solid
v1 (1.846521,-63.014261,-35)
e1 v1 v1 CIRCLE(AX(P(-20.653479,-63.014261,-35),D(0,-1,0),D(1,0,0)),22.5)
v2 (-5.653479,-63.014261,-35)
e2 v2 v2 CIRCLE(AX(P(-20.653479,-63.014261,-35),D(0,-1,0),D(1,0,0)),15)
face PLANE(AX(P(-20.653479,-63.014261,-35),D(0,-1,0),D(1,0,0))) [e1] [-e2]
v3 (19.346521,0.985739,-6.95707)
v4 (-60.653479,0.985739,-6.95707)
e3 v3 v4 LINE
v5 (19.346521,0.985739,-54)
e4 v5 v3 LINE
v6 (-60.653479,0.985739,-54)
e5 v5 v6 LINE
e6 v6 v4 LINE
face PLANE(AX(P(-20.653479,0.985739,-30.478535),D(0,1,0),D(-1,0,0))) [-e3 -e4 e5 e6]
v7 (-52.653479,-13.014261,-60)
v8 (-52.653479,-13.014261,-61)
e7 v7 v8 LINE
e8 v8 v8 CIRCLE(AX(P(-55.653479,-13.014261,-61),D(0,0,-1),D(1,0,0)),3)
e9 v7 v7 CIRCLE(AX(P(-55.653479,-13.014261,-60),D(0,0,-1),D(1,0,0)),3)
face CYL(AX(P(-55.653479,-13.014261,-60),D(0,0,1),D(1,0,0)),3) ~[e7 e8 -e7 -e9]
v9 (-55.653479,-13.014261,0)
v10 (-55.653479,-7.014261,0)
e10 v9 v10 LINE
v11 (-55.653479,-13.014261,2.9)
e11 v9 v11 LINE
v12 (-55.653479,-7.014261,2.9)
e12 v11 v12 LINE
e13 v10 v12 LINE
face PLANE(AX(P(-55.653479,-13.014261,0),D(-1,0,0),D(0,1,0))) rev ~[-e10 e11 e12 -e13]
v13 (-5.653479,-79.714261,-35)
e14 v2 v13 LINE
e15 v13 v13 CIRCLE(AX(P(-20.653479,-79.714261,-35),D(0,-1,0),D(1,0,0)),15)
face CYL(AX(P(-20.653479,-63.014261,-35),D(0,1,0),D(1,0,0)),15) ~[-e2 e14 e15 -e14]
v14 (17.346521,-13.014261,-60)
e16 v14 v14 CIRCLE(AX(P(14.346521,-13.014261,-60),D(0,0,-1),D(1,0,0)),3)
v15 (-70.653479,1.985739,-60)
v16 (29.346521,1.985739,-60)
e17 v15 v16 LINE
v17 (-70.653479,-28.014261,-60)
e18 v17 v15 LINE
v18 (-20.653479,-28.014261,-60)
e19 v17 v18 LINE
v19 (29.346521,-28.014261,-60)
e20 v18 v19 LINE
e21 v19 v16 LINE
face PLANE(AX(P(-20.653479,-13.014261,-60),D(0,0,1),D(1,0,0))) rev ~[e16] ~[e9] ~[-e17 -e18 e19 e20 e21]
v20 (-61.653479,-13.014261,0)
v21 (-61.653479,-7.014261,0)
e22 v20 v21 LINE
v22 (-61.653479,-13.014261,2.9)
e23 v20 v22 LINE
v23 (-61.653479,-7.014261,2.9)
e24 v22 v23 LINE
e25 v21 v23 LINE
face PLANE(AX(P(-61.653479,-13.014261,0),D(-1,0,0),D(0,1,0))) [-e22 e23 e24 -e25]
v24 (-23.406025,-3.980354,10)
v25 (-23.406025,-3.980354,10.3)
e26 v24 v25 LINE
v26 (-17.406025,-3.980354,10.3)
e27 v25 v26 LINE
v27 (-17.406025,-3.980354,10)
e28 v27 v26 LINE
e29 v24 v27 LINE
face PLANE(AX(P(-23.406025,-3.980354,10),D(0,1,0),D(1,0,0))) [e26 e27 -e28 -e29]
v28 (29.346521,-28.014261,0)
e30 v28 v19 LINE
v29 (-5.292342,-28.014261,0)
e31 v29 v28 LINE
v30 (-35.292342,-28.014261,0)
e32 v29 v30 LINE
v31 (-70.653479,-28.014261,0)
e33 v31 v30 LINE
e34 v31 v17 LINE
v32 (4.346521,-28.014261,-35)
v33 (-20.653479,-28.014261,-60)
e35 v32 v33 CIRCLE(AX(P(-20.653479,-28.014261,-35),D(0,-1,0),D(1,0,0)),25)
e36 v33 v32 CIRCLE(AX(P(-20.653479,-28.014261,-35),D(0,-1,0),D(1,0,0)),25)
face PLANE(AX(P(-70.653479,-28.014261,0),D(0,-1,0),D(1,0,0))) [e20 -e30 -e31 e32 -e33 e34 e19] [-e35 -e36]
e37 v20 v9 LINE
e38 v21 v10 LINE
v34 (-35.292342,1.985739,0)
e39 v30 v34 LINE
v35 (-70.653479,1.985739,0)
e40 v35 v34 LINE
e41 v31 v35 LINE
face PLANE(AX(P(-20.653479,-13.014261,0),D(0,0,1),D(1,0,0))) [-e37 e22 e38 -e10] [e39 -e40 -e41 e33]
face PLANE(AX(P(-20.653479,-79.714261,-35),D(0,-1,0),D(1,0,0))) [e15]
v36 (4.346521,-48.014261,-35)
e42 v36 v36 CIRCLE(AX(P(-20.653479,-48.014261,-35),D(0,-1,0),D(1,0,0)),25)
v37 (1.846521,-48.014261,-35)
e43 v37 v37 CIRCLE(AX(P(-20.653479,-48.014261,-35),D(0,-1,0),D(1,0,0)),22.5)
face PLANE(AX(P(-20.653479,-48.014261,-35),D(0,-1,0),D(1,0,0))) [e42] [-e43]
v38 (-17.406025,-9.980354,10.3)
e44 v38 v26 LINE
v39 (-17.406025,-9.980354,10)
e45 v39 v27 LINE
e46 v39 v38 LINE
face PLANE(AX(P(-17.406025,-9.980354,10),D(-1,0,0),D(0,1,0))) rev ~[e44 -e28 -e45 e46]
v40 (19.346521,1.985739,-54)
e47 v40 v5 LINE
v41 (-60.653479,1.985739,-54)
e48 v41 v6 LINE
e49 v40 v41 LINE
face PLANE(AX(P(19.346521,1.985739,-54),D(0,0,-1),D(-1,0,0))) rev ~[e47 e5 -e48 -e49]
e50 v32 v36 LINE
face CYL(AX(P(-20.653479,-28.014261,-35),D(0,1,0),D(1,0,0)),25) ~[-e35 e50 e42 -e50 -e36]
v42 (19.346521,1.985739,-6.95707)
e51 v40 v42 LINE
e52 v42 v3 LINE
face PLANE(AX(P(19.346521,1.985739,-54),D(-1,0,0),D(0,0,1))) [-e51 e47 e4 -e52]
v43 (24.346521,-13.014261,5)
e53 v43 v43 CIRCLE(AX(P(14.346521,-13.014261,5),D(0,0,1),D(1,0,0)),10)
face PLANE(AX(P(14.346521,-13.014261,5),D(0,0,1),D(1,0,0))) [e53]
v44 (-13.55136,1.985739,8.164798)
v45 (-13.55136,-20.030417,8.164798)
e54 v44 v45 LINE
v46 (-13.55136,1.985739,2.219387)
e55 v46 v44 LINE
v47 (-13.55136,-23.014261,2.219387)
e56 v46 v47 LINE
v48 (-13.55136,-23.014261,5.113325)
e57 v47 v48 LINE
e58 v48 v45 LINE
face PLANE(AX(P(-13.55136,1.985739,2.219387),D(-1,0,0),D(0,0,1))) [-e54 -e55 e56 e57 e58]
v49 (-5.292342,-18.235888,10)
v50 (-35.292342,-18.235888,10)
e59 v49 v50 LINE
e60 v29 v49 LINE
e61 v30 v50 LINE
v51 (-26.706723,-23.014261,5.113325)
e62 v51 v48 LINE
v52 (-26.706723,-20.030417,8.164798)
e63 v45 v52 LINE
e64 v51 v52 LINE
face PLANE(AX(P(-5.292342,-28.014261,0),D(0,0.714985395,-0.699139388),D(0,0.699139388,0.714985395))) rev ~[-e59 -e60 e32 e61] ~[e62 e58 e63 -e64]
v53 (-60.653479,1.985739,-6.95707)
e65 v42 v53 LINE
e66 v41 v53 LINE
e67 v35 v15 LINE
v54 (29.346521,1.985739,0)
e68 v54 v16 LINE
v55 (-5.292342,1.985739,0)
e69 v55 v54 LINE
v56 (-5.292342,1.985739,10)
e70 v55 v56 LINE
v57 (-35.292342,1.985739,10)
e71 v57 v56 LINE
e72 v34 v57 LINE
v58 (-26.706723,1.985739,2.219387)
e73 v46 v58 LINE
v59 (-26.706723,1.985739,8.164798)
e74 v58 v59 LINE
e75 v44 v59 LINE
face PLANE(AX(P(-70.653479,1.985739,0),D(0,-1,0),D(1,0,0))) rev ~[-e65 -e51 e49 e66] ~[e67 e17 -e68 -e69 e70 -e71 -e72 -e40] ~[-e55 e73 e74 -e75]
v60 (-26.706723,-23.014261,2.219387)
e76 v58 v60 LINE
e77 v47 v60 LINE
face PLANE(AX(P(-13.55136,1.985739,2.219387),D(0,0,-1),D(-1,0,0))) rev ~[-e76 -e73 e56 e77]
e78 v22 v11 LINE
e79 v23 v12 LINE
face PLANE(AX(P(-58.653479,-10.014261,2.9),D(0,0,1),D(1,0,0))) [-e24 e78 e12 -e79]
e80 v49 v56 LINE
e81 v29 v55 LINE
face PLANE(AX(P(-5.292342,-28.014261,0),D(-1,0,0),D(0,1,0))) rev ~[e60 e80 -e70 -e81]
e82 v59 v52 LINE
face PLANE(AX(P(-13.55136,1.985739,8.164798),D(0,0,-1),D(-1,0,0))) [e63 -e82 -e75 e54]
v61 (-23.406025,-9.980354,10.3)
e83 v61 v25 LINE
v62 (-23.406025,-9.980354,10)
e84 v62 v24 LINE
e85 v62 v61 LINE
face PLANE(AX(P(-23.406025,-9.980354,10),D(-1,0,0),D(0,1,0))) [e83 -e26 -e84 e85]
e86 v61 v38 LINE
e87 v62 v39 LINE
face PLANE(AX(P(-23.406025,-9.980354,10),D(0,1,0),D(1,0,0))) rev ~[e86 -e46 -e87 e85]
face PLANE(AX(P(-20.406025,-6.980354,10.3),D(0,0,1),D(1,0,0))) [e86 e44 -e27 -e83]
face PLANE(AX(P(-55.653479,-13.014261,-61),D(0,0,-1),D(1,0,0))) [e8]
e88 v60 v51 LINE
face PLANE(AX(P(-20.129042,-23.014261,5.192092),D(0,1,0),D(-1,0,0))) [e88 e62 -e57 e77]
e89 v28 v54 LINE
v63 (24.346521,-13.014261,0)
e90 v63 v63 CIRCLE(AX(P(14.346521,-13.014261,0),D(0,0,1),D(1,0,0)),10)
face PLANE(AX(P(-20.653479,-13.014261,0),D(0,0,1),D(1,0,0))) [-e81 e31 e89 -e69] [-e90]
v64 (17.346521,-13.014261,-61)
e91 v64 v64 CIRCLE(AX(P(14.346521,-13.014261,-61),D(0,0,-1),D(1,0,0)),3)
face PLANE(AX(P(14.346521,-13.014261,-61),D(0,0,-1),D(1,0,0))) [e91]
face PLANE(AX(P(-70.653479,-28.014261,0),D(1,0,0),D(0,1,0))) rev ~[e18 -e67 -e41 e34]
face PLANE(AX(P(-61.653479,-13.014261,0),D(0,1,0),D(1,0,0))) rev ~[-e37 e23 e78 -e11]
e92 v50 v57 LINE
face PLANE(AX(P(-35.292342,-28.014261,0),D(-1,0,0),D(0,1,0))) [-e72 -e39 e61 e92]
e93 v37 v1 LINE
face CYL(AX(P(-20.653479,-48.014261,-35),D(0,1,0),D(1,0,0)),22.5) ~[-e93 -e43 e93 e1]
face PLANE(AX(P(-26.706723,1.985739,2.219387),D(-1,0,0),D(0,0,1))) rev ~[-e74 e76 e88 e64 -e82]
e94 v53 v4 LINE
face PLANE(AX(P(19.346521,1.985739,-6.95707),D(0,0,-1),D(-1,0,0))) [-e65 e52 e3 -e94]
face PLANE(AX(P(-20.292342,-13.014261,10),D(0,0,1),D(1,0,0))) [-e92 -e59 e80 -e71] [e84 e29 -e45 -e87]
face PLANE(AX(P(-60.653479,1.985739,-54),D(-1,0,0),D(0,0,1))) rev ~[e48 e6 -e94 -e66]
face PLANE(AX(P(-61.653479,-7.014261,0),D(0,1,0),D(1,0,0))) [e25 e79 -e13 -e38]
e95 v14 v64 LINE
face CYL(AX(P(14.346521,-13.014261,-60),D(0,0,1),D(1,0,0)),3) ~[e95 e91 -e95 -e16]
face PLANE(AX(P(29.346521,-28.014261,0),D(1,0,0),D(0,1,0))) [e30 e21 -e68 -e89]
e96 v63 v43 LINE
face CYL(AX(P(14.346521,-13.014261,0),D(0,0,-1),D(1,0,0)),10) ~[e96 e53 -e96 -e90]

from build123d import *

# Parameters (mm, degrees)
F0_W      = 100
F0_H      = 30
F1_DEPTH  = 60
F2_W      = 6
F2_H      = 6
F3_DEPTH  = 2.9
F4_W      = 30
F4_H      = 30
F5_DEPTH  = 10
F7_DEPTH  = 30
F8_R      = 10
F9_DEPTH  = 5
F10_R     = 25
F11_DEPTH = 20
F12_W     = 13.155363
F12_H     = 5.945411
F13_DEPTH = 25
F14_W     = 80
F14_H     = 47.04293
F15_DEPTH = 1
F16_R     = 3
F17_DEPTH = 1
F18_W     = 6
F18_H     = 6
F19_DEPTH = 0.3
F20_R     = 22.5
F21_DEPTH = 15
F22_R     = 15
F23_DEPTH = 16.7


with BuildPart() as f1:
    # F0 (on Top) → F1 (new body)
    with BuildSketch(Plane.XY):
        with Locations((-20.653479, -13.014261)):
            Rectangle(F0_W, F0_H)
    extrude(amount=-F1_DEPTH)

    # F2 (on face) → F3 (join)
    with BuildSketch(Plane.XY):
        with Locations((-58.653479, -10.014261)):
            Rectangle(F2_W, F2_H)
    extrude(amount=F3_DEPTH)

    # F4 (on face) → F5 (join)
    with BuildSketch(Plane.XY):
        with Locations((-20.292342, -13.014261)):
            Rectangle(F4_W, F4_H)
    extrude(amount=F5_DEPTH)

    # F6 (on face) → F7 (cut)
    with BuildSketch(Plane.YZ.offset(-5.292342)):
        Polygon((-18.235888, 10), (-28.014261, 10), (-28.014261, 0), align=None)
    extrude(amount=-F7_DEPTH, mode=Mode.SUBTRACT)

    # F8 (on face) → F9 (join)
    with BuildSketch(Plane.XY):
        with Locations((14.346521, -13.014261)):
            Circle(F8_R)
    extrude(amount=F9_DEPTH)

    # F10 (on face) → F11 (join)
    with BuildSketch(Plane.XZ.offset(28.014261)):
        with Locations((-20.653479, -35)):
            Circle(F10_R)
    extrude(amount=F11_DEPTH)

    # F12 (on face) → F13 (cut)
    with BuildSketch(Plane(origin=(0, 1.985739, 0), x_dir=(-1, 0, 0), z_dir=(0, 1, 0))):
        with Locations((20.129042, 5.192092)):
            Rectangle(F12_W, F12_H)
    extrude(amount=-F13_DEPTH, mode=Mode.SUBTRACT)

    # F14 (on face) → F15 (cut)
    with BuildSketch(Plane(origin=(0, 1.985739, 0), x_dir=(-1, 0, 0), z_dir=(0, 1, 0))):
        with Locations((20.653479, -30.478535)):
            Rectangle(F14_W, F14_H)
    extrude(amount=-F15_DEPTH, mode=Mode.SUBTRACT)

    # F16 (on face) → F17 (join)
    with BuildSketch(Plane(origin=(0, 0, -60), x_dir=(1, 0, 0), z_dir=(0, 0, -1))):
        with Locations((-55.653479, 13.014261)):
            Circle(F16_R)
        with Locations((14.346521, 13.014261)):
            Circle(F16_R)
    extrude(amount=F17_DEPTH)

    # F18 (on face) → F19 (join)
    with BuildSketch(Plane.XY.offset(10)):
        with Locations((-20.406025, -6.980354)):
            Rectangle(F18_W, F18_H)
    extrude(amount=F19_DEPTH)

    # F20 (on face) → F21 (join)
    with BuildSketch(Plane.XZ.offset(48.014261)):
        with Locations((-20.653479, -35)):
            Circle(F20_R)
    extrude(amount=F21_DEPTH)

    # F22 (on face) → F23 (join)
    with BuildSketch(Plane.XZ.offset(63.014261)):
        with Locations((-20.653479, -35)):
            Circle(F22_R)
    extrude(amount=F23_DEPTH)


solid = f1.part
